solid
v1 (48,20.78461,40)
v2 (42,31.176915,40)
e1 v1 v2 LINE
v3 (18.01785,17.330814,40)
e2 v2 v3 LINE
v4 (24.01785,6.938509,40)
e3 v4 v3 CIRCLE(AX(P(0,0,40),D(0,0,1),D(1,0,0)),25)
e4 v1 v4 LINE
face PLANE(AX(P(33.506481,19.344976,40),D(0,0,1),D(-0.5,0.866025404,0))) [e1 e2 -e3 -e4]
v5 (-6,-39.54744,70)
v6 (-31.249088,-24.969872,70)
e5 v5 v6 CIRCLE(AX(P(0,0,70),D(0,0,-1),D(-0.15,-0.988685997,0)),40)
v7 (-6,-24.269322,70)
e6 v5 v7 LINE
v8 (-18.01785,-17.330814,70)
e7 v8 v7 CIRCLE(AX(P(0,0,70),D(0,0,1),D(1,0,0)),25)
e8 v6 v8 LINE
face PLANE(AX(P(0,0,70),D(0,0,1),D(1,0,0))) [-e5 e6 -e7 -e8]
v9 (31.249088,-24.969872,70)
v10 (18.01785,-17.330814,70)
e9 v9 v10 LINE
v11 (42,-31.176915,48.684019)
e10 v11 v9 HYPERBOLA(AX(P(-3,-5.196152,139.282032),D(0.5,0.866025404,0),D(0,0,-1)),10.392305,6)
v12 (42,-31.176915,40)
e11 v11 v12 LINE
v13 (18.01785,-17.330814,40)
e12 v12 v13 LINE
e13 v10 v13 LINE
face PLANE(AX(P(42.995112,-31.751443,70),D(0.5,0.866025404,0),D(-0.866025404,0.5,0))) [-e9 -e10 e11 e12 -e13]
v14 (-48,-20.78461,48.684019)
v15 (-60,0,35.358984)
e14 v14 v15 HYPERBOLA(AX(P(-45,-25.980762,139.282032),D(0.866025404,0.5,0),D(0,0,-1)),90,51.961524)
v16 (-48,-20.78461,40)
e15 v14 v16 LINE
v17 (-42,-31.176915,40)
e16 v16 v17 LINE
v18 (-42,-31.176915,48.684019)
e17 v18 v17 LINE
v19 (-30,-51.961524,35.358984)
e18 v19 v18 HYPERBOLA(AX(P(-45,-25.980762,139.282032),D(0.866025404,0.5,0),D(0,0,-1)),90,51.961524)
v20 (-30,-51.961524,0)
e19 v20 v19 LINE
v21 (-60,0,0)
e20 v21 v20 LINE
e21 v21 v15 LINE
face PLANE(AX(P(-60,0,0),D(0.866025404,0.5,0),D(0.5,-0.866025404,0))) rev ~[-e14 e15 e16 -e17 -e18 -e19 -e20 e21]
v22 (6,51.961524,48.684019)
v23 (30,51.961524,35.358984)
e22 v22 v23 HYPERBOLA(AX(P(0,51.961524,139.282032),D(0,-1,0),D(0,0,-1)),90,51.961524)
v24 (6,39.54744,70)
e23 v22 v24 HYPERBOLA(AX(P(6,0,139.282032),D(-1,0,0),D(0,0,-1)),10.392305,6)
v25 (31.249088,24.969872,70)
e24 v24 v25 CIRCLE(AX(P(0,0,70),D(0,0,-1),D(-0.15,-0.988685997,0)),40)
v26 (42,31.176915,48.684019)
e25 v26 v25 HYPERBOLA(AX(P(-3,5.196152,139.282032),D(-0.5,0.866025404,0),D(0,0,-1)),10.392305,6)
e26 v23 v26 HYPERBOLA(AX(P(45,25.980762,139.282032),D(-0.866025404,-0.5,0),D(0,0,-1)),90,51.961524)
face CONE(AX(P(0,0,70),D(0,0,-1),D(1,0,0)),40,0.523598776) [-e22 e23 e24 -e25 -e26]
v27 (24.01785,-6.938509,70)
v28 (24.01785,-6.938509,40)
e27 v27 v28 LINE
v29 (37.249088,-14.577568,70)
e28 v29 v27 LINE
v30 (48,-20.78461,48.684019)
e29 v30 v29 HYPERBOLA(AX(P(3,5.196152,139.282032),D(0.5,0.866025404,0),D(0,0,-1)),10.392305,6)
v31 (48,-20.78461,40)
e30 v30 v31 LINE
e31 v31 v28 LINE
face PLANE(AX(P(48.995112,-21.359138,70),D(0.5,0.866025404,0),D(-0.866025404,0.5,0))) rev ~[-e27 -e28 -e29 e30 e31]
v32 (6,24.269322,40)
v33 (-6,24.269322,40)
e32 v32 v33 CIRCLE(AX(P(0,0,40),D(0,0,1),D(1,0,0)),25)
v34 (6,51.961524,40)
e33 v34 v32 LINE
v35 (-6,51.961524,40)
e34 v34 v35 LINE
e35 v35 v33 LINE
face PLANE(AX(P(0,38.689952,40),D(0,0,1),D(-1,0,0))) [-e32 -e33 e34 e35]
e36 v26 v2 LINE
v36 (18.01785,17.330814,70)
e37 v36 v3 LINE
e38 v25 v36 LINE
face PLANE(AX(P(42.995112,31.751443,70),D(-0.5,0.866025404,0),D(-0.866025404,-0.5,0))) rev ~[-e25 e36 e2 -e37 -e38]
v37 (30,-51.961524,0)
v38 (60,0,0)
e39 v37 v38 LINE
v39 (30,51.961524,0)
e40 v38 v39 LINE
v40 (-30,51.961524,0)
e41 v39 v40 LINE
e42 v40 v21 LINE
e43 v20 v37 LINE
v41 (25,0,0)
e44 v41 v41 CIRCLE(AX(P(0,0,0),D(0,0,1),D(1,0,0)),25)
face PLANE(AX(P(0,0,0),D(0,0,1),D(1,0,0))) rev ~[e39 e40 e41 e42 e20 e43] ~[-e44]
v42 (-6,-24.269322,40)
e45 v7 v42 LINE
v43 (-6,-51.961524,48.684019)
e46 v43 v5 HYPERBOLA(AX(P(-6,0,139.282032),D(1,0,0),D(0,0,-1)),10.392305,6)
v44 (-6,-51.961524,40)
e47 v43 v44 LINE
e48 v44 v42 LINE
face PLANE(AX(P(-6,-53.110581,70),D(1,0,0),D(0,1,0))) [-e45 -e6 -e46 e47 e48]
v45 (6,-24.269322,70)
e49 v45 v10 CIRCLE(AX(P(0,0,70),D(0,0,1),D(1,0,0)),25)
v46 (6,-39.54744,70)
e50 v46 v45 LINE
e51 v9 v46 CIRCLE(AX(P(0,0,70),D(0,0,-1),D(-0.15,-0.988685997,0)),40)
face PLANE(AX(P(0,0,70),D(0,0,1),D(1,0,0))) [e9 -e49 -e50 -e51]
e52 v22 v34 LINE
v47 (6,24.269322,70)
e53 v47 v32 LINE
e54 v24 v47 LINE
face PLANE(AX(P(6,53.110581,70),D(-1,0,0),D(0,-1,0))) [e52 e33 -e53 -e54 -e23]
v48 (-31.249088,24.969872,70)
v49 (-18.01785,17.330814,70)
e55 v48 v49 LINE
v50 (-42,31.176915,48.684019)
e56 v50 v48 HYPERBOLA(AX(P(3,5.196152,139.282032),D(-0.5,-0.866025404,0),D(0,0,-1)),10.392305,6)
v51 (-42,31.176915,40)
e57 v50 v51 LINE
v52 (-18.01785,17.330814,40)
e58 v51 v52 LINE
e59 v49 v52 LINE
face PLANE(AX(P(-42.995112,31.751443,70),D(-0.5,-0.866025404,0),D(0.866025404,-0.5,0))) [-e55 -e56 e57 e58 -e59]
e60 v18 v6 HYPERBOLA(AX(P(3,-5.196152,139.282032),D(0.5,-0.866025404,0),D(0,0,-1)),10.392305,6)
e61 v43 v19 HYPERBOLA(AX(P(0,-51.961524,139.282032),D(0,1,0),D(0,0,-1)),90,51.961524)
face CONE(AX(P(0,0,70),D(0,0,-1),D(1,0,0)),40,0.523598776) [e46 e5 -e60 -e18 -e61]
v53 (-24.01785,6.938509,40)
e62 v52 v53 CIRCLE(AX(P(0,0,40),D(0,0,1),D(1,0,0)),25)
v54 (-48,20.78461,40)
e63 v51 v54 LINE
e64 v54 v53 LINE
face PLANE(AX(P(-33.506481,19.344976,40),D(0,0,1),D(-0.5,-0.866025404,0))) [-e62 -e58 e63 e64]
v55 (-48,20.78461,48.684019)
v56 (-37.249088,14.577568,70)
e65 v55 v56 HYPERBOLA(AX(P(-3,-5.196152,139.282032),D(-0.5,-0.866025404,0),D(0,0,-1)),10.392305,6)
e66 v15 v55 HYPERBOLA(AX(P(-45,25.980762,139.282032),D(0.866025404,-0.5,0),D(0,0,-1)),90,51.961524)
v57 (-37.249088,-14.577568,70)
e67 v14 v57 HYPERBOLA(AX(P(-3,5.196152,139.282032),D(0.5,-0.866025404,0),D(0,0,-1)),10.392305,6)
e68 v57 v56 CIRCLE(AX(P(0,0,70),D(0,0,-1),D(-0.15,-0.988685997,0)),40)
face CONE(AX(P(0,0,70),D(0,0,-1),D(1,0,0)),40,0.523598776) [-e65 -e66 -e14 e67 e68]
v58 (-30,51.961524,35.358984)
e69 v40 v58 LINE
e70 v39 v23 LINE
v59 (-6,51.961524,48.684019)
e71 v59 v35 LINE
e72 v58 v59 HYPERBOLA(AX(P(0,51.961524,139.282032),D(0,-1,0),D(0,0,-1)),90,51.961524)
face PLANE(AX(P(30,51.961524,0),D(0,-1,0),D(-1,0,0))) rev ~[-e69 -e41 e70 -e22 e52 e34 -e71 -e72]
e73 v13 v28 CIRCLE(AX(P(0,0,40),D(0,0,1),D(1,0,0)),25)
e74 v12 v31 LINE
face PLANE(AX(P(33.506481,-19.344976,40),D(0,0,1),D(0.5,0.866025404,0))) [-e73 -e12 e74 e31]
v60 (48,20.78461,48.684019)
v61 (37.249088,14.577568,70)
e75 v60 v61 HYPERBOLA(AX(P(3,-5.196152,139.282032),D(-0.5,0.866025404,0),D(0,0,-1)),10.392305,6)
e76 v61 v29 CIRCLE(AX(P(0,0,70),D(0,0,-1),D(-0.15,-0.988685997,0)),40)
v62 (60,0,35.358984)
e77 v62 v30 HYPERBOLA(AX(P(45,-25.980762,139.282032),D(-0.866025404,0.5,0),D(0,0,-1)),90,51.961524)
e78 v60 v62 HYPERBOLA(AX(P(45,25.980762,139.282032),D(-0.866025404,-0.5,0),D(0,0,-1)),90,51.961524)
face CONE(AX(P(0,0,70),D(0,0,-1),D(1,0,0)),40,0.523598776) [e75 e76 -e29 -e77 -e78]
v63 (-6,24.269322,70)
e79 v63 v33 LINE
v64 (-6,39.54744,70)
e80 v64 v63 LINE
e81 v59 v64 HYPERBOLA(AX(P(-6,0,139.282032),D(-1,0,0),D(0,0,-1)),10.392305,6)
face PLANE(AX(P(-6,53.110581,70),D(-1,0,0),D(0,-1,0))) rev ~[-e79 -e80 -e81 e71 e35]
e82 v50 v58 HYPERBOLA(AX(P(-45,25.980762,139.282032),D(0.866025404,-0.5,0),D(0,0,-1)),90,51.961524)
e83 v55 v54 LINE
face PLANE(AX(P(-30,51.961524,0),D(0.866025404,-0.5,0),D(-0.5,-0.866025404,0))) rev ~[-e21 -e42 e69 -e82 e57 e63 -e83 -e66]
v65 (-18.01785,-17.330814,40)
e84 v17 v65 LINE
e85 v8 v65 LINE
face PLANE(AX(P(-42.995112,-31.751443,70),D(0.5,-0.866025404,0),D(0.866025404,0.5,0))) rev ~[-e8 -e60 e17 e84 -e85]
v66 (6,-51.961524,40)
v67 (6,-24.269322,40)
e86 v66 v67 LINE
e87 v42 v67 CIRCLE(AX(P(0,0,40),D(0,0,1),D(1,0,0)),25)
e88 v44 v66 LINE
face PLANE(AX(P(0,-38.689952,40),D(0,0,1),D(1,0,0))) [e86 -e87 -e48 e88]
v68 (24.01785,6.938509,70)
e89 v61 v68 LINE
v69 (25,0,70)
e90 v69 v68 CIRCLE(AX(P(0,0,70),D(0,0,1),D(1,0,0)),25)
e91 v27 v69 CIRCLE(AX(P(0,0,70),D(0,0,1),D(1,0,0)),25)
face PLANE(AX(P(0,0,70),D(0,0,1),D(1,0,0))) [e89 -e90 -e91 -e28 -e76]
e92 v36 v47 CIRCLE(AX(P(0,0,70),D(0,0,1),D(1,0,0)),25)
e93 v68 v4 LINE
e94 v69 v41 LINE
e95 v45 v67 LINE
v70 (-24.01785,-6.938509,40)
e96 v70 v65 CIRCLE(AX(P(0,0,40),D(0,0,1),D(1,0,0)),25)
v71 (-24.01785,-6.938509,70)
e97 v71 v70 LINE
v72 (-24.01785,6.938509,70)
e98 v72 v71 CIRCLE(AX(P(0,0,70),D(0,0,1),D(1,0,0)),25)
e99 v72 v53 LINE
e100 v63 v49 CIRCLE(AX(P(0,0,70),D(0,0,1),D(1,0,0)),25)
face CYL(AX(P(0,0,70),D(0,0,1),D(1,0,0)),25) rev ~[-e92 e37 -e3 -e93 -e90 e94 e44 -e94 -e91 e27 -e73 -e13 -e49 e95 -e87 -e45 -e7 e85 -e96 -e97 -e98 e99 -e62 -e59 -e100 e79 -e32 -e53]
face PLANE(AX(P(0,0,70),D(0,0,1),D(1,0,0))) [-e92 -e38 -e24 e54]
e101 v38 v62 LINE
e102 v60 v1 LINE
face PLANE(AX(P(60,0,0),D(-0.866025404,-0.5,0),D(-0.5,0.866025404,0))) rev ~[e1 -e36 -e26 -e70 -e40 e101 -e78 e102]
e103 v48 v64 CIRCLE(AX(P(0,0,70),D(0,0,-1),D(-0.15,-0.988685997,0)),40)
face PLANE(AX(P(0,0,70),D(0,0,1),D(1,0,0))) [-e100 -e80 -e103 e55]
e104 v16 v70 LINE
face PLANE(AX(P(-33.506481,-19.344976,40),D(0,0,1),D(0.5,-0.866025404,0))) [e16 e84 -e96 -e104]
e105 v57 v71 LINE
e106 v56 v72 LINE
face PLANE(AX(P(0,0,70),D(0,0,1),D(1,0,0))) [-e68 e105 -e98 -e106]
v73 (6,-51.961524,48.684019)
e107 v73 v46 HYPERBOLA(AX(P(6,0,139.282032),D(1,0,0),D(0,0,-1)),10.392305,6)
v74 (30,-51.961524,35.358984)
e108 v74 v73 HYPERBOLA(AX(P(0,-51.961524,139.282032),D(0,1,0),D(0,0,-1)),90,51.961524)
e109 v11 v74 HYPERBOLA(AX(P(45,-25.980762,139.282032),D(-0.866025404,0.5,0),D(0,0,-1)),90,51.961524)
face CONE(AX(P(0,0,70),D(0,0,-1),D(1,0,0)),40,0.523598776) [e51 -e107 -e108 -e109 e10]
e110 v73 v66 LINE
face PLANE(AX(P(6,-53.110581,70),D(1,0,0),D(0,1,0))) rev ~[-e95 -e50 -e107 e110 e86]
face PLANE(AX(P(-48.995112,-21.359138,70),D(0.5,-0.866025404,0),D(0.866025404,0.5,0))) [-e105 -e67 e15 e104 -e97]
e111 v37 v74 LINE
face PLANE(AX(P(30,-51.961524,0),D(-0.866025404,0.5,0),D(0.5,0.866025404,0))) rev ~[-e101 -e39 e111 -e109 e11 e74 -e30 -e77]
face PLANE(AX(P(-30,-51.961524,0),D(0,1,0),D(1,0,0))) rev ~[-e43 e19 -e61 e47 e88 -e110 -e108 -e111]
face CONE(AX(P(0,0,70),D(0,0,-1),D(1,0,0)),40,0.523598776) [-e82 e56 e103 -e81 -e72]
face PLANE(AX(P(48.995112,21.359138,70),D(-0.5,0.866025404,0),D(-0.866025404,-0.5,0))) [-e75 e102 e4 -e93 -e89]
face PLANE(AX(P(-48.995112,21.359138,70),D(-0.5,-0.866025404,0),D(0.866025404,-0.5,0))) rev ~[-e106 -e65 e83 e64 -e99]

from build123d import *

# Parameters (mm, degrees)
BOSS_EXTRUDE1_DEPTH = 70
SKETCH2_R           = 25
CUT_EXTRUDE1_DEPTH  = 106.830052443
SKETCH3_OUTSIDE_W   = 237.528
SKETCH3_OUTSIDE_H   = 221.452
SKETCH3_OUTSIDE_R   = 40
CUT_EXTRUDE2_DEPTH  = 70
CUT_EXTRUDE2_DRAFT  = -30
SKETCH6_W           = 12
SKETCH6_H           = 28.841258608
CUT_EXTRUDE3_DEPTH  = 30
CIRPATTERN1_COUNT   = 6


with BuildPart() as part:
    # Sketch1 → Boss-Extrude1 (new body)
    with BuildSketch(Plane.XY):
        Polygon((60, 0), (30, 51.961524227), (-30, 51.961524227), (-60, 0), (-30, -51.961524227), (30, -51.961524227), align=None)
    extrude(amount=BOSS_EXTRUDE1_DEPTH)

    # Sketch2 → Cut-Extrude1 (cut, through all)
    with BuildSketch(Plane.XY.offset(70)):
        Circle(SKETCH2_R)
    extrude(amount=-CUT_EXTRUDE1_DEPTH, mode=Mode.SUBTRACT)


with BuildPart() as cut_extrude2_tool:
    # Sketch3 outside → Cut-Extrude2 (with draft: the straight prism first)
    with BuildSketch(Plane.XY.offset(70)):
        Rectangle(SKETCH3_OUTSIDE_W, SKETCH3_OUTSIDE_H)
        Circle(SKETCH3_OUTSIDE_R, mode=Mode.SUBTRACT)
    extrude(amount=-CUT_EXTRUDE2_DEPTH)
    # Cut-Extrude2: the draft: its side faces are tilted about the plane it starts from
    cut_extrude2_sides = [cut_extrude2_tool.faces().sort_by_distance(p)[0] for p in [
        (0, -110.726, 35),
        (118.764, 0, 35),
        (0, 110.726, 35),
        (-118.764, 0, 35),
        (-40, 0, 35),
    ]]
    draft(cut_extrude2_sides, Plane.XY.offset(70), CUT_EXTRUDE2_DRAFT)


with BuildPart() as part_1:
    add(part.part)

    # Cut-Extrude2: cut by cut_extrude2_tool
    add(cut_extrude2_tool.part, mode=Mode.SUBTRACT)

    # Sketch6 → Cut-Extrude3 (cut)
    with BuildSketch(Plane.XY.offset(70)):
        with Locations((0, -38.689951503)):
            Rectangle(SKETCH6_W, SKETCH6_H)
    cut_extrude3 = extrude(amount=-CUT_EXTRUDE3_DEPTH, mode=Mode.SUBTRACT)

    # CirPattern1: Cut-Extrude3 ×6 about axis
    cirpattern1_axis = Axis((0, 0, 0), (0, 0, 1))
    for i in range(1, CIRPATTERN1_COUNT):
        add(cut_extrude3.rotate(cirpattern1_axis, i * 360 / CIRPATTERN1_COUNT), mode=Mode.SUBTRACT)


solid = part_1.part
